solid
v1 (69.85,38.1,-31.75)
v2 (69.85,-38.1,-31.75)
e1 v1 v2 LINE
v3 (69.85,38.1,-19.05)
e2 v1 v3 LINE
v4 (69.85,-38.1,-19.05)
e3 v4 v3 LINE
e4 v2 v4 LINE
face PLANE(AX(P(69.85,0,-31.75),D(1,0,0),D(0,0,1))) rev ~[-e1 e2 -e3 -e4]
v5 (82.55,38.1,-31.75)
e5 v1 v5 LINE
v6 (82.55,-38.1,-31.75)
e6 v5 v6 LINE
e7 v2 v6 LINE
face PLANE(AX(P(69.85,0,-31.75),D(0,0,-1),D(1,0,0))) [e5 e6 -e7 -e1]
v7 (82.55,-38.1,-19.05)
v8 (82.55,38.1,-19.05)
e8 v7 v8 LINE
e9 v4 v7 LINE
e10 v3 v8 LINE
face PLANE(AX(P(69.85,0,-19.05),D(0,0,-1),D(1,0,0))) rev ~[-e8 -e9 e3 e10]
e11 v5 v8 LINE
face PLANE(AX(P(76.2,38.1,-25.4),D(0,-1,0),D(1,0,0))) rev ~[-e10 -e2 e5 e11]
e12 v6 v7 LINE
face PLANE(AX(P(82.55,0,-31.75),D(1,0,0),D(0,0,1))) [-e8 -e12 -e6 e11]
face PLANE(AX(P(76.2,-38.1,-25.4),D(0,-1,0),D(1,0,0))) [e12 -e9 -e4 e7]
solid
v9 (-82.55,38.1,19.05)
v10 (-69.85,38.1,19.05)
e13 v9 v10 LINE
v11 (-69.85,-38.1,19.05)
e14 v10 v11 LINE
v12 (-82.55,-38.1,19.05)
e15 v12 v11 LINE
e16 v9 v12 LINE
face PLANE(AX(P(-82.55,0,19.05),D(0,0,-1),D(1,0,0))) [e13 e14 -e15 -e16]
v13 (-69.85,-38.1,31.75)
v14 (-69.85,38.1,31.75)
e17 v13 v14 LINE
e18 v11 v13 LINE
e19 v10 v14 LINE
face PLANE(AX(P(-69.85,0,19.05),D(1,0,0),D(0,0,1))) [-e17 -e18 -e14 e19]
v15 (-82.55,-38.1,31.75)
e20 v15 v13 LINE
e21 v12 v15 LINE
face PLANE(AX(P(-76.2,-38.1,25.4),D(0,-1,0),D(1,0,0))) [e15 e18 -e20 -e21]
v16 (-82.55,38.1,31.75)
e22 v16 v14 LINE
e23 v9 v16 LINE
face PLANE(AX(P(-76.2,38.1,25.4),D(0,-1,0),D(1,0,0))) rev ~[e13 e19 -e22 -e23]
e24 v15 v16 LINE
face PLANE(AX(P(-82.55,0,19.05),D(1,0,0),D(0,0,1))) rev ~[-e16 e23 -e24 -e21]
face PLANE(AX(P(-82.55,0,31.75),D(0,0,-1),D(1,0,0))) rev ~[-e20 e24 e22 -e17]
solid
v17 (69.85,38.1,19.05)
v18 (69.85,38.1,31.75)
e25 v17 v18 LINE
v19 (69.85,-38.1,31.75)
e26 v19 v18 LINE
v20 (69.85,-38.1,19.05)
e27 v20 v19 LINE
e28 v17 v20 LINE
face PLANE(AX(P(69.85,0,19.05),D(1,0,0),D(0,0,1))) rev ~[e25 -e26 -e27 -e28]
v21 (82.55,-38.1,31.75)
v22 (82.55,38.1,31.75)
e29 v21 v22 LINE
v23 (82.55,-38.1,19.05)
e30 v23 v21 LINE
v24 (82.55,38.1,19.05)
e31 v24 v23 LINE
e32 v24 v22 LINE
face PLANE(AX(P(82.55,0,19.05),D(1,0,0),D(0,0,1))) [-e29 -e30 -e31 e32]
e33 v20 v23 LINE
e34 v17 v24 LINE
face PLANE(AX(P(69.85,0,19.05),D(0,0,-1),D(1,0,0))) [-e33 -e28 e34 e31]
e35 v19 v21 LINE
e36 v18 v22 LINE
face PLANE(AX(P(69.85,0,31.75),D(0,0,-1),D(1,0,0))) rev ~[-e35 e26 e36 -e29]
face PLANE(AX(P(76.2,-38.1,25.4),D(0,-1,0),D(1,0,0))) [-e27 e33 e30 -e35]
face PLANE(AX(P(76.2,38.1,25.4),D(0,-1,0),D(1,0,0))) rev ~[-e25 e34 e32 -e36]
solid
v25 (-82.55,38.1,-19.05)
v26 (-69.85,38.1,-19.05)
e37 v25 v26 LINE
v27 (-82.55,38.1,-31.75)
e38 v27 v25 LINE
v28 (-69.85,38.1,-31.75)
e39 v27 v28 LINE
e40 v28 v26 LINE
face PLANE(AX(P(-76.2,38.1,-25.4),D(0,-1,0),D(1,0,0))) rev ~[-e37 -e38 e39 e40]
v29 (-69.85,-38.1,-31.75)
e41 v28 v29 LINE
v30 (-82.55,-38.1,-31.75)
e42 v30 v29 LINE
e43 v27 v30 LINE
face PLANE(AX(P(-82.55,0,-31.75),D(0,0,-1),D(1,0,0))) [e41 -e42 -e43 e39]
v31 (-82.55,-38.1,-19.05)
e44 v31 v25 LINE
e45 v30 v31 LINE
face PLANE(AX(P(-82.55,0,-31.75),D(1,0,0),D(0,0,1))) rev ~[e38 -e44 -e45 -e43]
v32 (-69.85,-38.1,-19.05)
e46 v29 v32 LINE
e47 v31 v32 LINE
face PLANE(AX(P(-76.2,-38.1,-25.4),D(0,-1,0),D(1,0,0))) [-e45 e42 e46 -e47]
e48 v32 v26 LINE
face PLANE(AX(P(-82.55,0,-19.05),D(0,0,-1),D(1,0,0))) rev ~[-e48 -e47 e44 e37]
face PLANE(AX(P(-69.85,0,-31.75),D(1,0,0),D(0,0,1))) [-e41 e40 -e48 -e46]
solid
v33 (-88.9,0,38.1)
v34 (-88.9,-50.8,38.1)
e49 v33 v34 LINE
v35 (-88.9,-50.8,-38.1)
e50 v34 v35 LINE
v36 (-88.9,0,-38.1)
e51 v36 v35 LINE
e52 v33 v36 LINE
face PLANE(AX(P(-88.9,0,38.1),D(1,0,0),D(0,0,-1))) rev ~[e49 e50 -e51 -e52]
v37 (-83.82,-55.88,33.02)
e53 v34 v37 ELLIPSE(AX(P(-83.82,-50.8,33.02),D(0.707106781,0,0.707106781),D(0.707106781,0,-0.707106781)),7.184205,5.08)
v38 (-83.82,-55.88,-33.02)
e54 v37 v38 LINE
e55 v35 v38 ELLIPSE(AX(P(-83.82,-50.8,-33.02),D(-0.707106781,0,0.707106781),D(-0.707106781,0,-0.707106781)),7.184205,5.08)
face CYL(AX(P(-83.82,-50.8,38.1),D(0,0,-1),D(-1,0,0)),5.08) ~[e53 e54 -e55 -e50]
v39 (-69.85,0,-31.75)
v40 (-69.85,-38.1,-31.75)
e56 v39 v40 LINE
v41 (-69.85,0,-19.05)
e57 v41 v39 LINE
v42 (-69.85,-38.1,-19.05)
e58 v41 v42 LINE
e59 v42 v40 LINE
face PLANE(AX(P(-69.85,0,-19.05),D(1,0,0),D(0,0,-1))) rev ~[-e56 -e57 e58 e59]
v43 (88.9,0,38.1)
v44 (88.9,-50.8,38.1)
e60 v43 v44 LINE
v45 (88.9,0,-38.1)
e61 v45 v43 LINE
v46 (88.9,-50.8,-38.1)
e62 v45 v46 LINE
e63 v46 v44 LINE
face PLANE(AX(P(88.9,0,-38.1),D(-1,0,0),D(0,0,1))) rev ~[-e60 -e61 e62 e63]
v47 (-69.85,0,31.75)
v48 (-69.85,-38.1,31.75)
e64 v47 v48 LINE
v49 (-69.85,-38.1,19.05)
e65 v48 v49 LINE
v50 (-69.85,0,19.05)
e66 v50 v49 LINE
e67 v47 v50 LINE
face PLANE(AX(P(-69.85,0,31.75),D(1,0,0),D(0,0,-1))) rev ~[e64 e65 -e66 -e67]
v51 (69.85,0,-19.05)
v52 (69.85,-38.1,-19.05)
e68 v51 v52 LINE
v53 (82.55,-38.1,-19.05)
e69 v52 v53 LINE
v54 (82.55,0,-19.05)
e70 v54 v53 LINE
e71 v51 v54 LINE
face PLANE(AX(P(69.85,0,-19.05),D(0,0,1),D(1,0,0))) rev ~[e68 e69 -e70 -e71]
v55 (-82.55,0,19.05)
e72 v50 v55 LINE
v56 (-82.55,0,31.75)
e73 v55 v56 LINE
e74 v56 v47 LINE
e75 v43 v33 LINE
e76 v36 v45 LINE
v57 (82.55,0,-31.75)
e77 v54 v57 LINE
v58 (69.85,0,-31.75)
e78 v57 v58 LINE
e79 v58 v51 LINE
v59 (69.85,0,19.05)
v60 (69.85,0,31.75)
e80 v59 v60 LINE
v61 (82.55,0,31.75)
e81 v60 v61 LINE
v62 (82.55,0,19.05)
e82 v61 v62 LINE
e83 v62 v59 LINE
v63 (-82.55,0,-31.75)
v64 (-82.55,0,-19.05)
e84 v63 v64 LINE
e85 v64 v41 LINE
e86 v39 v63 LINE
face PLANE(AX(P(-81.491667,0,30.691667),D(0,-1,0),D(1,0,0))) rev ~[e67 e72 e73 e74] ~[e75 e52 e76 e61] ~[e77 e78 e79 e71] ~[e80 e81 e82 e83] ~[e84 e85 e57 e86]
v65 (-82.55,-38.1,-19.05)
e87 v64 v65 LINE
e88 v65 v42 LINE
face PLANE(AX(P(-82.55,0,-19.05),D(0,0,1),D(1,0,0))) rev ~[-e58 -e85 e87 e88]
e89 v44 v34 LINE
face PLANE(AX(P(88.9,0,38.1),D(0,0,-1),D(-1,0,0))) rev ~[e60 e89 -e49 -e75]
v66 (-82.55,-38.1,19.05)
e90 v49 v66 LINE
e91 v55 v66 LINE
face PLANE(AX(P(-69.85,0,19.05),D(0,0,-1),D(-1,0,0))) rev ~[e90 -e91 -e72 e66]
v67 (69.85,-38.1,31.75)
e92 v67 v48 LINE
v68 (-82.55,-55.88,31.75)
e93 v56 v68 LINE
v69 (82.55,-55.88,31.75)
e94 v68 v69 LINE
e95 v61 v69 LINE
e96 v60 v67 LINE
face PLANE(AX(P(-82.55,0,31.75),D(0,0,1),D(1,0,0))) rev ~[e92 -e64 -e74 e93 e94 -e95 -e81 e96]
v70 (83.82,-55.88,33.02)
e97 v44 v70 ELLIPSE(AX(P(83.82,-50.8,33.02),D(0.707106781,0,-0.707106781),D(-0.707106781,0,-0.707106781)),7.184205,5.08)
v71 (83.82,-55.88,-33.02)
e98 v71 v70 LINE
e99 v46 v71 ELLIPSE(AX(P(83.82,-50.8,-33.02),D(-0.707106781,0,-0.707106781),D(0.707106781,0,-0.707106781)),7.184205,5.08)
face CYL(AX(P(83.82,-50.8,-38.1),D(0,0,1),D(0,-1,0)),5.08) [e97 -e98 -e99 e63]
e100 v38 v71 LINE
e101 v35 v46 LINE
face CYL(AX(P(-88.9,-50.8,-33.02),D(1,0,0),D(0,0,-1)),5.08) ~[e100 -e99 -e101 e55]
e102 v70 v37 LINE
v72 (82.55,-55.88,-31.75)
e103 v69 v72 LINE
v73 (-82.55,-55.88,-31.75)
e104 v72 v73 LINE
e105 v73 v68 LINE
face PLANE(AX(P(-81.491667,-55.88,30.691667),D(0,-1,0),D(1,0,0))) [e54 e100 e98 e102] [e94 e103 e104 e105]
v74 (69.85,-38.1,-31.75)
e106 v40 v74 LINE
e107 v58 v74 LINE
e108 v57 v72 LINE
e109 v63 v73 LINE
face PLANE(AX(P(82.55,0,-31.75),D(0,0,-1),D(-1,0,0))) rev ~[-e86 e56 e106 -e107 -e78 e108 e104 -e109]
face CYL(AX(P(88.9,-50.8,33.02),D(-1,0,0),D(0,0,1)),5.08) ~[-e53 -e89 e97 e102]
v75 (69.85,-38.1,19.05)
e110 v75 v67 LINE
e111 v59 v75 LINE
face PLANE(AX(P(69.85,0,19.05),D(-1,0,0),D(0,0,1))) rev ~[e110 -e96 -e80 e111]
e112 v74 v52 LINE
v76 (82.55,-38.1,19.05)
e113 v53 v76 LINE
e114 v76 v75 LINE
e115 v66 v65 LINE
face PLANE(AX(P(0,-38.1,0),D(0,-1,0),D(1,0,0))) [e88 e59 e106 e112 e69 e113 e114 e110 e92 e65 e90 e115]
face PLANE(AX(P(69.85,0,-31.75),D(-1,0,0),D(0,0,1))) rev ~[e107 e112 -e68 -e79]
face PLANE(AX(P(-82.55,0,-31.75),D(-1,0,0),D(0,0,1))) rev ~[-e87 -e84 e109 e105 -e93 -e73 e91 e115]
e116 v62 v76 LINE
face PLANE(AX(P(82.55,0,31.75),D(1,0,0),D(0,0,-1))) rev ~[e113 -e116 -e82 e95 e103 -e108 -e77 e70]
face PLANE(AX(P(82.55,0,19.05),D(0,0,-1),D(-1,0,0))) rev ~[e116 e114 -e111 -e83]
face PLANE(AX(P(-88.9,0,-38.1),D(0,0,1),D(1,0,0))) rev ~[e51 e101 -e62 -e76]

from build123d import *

# Parameters (mm, degrees)
F0_W     = 139.7
F0_H     = 6.35
F0_W_2   = 6.35
F0_H_2   = 38.1
F1_DEPTH = 55.88
F2_DEPTH = 38.1
F0_W_3   = 12.7
F0_H_3   = 12.7
F3_DEPTH = 38.1
F4_R     = 5.08


with BuildPart() as f1:
    # F0 (on Front) → F1 (new body)
    with BuildSketch(Plane.XZ):
        Polygon((-69.85, 31.75), (-69.85, 38.1), (-88.9, 38.1), (-88.9, 19.05), (-82.55, 19.05), (-82.55, 31.75), align=None)
        with Locations((0, 34.925)):
            Rectangle(F0_W, F0_H)
        Polygon((88.9, 19.05), (88.9, 38.1), (69.85, 38.1), (69.85, 31.75), (82.55, 31.75), (82.55, 19.05), align=None)
        with Locations((85.725, 0)):
            Rectangle(F0_W_2, F0_H_2)
        Polygon((88.9, -38.1), (88.9, -19.05), (82.55, -19.05), (82.55, -31.75), (69.85, -31.75), (69.85, -38.1), align=None)
        with Locations((0, -34.925)):
            Rectangle(F0_W, F0_H)
        Polygon((-82.55, -19.05), (-88.9, -19.05), (-88.9, -38.1), (-69.85, -38.1), (-69.85, -31.75), (-82.55, -31.75), align=None)
        with Locations((-85.725, 0)):
            Rectangle(F0_W_2, F0_H_2)
    extrude(amount=F1_DEPTH)

    # F0 (on Front) → F2 (join)
    with BuildSketch(Plane.XZ):
        Polygon((69.85, 19.05), (69.85, 31.75), (-69.85, 31.75), (-69.85, 19.05), (-82.55, 19.05), (-82.55, -19.05), (-69.85, -19.05), (-69.85, -31.75), (69.85, -31.75), (69.85, -19.05), (82.55, -19.05), (82.55, 19.05), align=None)
    extrude(amount=F2_DEPTH)

    # F4
    f4_edges = [f1.edges().sort_by_distance(p)[0] for p in [
        (-88.9, -55.88, 0),
        (0, -55.88, 38.1),
        (0, -55.88, -38.1),
        (88.9, -55.88, 0),
    ]]
    fillet(f4_edges, radius=F4_R)


with BuildPart() as f3:
    # F0 (on Front) → F3 (new body, symmetric)
    with BuildSketch(Plane.XZ):
        with Locations((-76.2, 25.4)):
            Rectangle(F0_W_3, F0_H_3)
    extrude(amount=F3_DEPTH, both=True)


with BuildPart() as f3b:
    # F0 (on Front) → F3, piece 2 (new body, symmetric)
    with BuildSketch(Plane.XZ):
        with Locations((-76.2, -25.4)):
            Rectangle(F0_W_3, F0_H_3)
    extrude(amount=F3_DEPTH, both=True)


with BuildPart() as f3c:
    # F0 (on Front) → F3, piece 3 (new body, symmetric)
    with BuildSketch(Plane.XZ):
        with Locations((76.2, -25.4)):
            Rectangle(F0_W_3, F0_H_3)
    extrude(amount=F3_DEPTH, both=True)


with BuildPart() as f3d:
    # F0 (on Front) → F3, piece 4 (new body, symmetric)
    with BuildSketch(Plane.XZ):
        with Locations((76.2, 25.4)):
            Rectangle(F0_W_3, F0_H_3)
    extrude(amount=F3_DEPTH, both=True)


solid = Compound([f1.part, f3.part, f3b.part, f3c.part, f3d.part])
